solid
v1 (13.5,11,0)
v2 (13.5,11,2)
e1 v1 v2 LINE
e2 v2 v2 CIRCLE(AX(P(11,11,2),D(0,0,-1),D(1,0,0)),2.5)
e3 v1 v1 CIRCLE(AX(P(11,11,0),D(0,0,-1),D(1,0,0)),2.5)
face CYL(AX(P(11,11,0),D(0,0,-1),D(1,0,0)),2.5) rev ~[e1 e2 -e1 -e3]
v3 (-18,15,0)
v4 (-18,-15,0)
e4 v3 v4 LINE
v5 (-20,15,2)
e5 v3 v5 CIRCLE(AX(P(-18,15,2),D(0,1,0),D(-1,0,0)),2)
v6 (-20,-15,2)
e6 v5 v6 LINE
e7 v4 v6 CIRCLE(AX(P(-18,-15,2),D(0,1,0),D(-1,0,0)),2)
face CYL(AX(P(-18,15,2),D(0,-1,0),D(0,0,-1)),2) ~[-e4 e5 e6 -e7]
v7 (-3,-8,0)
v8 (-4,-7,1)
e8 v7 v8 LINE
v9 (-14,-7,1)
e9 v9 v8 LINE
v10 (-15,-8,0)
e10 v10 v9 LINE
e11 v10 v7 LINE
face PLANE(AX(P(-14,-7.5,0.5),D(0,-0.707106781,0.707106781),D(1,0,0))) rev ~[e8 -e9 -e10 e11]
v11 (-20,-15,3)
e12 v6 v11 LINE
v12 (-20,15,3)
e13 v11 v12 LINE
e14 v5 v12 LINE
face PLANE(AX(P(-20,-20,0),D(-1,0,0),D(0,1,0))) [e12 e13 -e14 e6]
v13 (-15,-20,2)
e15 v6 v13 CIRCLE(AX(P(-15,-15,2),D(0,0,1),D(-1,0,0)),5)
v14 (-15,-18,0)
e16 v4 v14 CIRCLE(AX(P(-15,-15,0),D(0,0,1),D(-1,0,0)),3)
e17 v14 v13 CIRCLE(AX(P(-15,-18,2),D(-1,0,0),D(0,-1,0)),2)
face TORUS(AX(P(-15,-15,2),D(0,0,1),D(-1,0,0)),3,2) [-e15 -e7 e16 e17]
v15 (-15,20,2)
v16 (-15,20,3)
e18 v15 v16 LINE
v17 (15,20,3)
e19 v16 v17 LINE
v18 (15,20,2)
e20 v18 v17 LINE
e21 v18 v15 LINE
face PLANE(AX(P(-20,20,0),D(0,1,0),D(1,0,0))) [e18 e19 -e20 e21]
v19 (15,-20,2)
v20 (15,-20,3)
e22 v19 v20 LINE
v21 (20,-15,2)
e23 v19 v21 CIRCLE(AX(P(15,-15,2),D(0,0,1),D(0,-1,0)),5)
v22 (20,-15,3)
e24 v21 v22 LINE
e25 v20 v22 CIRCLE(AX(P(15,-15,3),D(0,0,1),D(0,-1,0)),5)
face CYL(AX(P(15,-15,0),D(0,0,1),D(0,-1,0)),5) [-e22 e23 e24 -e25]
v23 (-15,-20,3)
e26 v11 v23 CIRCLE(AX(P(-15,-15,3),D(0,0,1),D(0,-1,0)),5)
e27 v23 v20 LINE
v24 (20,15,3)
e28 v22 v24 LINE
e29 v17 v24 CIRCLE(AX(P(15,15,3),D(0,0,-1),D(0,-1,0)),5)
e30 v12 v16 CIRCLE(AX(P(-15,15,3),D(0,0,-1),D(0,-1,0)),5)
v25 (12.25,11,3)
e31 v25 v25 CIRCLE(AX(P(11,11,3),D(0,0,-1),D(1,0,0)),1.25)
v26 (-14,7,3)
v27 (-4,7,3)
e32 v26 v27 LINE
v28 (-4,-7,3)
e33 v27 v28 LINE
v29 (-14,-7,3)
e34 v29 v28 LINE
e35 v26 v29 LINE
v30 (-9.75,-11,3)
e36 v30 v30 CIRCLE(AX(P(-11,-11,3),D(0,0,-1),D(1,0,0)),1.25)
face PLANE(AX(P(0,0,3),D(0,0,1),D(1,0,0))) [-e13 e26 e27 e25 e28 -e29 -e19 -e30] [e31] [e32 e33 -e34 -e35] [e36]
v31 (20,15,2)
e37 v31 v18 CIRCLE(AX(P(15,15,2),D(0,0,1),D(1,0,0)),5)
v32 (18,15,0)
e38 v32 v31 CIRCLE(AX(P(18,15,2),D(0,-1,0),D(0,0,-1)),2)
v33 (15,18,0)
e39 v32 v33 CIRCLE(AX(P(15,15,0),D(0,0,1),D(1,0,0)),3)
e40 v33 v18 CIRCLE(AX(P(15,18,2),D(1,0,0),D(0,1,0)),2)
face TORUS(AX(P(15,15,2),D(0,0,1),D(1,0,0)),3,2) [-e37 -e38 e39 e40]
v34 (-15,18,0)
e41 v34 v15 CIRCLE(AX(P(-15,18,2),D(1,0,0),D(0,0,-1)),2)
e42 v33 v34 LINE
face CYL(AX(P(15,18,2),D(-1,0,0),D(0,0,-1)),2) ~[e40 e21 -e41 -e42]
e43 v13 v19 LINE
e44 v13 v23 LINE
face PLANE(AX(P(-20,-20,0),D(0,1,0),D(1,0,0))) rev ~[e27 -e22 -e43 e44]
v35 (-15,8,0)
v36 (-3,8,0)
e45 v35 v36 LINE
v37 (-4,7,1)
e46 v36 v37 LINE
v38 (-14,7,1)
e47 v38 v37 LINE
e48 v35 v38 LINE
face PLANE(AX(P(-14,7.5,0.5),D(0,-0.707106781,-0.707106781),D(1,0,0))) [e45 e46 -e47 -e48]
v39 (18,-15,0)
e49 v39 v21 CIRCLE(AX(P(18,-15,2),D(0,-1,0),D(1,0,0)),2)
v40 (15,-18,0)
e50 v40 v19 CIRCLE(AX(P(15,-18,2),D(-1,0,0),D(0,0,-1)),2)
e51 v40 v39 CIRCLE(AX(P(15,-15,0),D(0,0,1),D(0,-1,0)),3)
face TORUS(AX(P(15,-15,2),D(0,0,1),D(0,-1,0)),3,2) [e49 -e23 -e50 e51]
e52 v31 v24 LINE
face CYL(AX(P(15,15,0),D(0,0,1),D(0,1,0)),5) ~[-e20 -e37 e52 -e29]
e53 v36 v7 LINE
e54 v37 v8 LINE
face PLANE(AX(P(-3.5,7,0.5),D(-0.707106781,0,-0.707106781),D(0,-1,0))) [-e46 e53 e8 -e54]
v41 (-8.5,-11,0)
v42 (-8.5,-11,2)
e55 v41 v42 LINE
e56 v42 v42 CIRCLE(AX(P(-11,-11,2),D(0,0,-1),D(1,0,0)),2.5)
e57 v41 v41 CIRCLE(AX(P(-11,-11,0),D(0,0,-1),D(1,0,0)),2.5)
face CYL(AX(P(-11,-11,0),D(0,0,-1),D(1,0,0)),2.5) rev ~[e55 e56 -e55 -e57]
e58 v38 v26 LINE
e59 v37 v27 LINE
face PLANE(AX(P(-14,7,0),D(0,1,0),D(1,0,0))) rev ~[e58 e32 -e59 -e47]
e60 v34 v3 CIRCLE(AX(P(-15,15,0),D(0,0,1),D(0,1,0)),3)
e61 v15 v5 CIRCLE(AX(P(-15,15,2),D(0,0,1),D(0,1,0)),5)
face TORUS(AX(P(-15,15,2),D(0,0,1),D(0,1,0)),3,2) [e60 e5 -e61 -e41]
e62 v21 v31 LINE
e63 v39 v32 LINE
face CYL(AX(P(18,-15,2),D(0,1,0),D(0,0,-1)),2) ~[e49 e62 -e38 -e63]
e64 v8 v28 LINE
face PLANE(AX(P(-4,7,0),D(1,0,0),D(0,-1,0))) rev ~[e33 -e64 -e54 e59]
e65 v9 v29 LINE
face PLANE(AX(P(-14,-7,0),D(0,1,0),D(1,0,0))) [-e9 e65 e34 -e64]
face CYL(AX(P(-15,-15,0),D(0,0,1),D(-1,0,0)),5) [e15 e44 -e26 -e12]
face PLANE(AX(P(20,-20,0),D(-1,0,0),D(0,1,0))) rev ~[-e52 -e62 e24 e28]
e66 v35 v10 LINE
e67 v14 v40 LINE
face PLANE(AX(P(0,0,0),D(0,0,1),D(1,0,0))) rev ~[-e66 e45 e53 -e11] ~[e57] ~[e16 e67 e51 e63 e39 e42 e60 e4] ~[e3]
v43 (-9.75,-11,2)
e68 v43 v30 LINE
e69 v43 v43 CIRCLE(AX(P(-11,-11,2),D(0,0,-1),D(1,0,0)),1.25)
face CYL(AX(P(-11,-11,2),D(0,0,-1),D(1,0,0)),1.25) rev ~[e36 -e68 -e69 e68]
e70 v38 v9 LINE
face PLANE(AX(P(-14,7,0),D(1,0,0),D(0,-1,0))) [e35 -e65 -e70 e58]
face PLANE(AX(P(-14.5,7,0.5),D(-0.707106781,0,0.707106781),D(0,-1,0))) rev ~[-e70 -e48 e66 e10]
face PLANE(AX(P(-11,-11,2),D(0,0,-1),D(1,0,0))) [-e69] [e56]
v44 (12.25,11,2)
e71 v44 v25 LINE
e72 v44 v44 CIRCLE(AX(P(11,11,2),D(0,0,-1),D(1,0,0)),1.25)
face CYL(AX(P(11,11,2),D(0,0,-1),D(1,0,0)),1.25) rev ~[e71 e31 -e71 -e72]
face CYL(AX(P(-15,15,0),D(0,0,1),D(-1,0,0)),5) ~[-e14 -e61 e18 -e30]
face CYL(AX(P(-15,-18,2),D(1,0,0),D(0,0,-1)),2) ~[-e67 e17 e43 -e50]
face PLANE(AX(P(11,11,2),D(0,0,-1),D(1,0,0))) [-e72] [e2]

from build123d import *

# Parameters (mm, degrees)
SKETCH_W        = 40
SKETCH_H        = 40
PAD_DEPTH       = 3
SKETCH001_R     = 2.5
POCKET_DEPTH    = 2
SKETCH002_R     = 1.25
POCKET001_DEPTH = 1
FILLET_R        = 5
SKETCH003_W     = 10
SKETCH003_H     = 14
POCKET002_DEPTH = 3
CHAMFER_SIZE    = 1
FILLET002_R     = 2


with BuildPart() as part:
    # Sketch → Pad (new body)
    with BuildSketch(Plane.XY):
        Rectangle(SKETCH_W, SKETCH_H)
    extrude(amount=PAD_DEPTH)

    # Sketch001 (on Face5 of Pad) → Pocket (cut)
    with BuildSketch(Plane(origin=(0, 0, 0), x_dir=(1, 0, 0), z_dir=(0, 0, -1))):
        with Locations((-11, 11)):
            Circle(SKETCH001_R)
        with Locations((11, -11)):
            Circle(SKETCH001_R)
    extrude(amount=-POCKET_DEPTH, mode=Mode.SUBTRACT)

    # Sketch002 (on Face9 of Pocket) → Pocket001 (cut)
    with BuildSketch(Plane(origin=(0, 0, 2), x_dir=(1, 0, 0), z_dir=(0, 0, -1))):
        with Locations((-11, 11)):
            Circle(SKETCH002_R)
        with Locations((11, -11)):
            Circle(SKETCH002_R)
    extrude(amount=-POCKET001_DEPTH, mode=Mode.SUBTRACT)

    # Fillet
    fillet_edges = [part.edges().sort_by_distance(p)[0] for p in [
        (-20, -20, 1.5),
        (-20, 20, 1.5),
        (20, 20, 1.5),
        (20, -20, 1.5),
    ]]
    fillet(fillet_edges, radius=FILLET_R)

    # Sketch003 (on Face2 of Fillet) → Pocket002 (cut)
    with BuildSketch(Plane(origin=(0, 0, 0), x_dir=(1, 0, 0), z_dir=(0, 0, -1))):
        with Locations((-9, 0)):
            Rectangle(SKETCH003_W, SKETCH003_H)
    extrude(amount=-POCKET002_DEPTH, mode=Mode.SUBTRACT)

    # Chamfer
    chamfer_edges = [part.edges().sort_by_distance(p)[0] for p in [
        (-9, -7, 0),
        (-14, 0, 0),
        (-9, 7, 0),
        (-4, 0, 0),
    ]]
    chamfer(chamfer_edges, length=CHAMFER_SIZE)

    # Fillet002
    fillet002_edges = [part.edges().sort_by_distance(p)[0] for p in [
        (-18.535534, -18.535534, 0),
        (-20, 0, 0),
        (0, -20, 0),
        (18.535534, -18.535534, 0),
        (20, 0, 0),
        (18.535534, 18.535534, 0),
        (0, 20, 0),
        (-18.535534, 18.535534, 0),
    ]]
    fillet(fillet002_edges, radius=FILLET002_R)


solid = part.part
